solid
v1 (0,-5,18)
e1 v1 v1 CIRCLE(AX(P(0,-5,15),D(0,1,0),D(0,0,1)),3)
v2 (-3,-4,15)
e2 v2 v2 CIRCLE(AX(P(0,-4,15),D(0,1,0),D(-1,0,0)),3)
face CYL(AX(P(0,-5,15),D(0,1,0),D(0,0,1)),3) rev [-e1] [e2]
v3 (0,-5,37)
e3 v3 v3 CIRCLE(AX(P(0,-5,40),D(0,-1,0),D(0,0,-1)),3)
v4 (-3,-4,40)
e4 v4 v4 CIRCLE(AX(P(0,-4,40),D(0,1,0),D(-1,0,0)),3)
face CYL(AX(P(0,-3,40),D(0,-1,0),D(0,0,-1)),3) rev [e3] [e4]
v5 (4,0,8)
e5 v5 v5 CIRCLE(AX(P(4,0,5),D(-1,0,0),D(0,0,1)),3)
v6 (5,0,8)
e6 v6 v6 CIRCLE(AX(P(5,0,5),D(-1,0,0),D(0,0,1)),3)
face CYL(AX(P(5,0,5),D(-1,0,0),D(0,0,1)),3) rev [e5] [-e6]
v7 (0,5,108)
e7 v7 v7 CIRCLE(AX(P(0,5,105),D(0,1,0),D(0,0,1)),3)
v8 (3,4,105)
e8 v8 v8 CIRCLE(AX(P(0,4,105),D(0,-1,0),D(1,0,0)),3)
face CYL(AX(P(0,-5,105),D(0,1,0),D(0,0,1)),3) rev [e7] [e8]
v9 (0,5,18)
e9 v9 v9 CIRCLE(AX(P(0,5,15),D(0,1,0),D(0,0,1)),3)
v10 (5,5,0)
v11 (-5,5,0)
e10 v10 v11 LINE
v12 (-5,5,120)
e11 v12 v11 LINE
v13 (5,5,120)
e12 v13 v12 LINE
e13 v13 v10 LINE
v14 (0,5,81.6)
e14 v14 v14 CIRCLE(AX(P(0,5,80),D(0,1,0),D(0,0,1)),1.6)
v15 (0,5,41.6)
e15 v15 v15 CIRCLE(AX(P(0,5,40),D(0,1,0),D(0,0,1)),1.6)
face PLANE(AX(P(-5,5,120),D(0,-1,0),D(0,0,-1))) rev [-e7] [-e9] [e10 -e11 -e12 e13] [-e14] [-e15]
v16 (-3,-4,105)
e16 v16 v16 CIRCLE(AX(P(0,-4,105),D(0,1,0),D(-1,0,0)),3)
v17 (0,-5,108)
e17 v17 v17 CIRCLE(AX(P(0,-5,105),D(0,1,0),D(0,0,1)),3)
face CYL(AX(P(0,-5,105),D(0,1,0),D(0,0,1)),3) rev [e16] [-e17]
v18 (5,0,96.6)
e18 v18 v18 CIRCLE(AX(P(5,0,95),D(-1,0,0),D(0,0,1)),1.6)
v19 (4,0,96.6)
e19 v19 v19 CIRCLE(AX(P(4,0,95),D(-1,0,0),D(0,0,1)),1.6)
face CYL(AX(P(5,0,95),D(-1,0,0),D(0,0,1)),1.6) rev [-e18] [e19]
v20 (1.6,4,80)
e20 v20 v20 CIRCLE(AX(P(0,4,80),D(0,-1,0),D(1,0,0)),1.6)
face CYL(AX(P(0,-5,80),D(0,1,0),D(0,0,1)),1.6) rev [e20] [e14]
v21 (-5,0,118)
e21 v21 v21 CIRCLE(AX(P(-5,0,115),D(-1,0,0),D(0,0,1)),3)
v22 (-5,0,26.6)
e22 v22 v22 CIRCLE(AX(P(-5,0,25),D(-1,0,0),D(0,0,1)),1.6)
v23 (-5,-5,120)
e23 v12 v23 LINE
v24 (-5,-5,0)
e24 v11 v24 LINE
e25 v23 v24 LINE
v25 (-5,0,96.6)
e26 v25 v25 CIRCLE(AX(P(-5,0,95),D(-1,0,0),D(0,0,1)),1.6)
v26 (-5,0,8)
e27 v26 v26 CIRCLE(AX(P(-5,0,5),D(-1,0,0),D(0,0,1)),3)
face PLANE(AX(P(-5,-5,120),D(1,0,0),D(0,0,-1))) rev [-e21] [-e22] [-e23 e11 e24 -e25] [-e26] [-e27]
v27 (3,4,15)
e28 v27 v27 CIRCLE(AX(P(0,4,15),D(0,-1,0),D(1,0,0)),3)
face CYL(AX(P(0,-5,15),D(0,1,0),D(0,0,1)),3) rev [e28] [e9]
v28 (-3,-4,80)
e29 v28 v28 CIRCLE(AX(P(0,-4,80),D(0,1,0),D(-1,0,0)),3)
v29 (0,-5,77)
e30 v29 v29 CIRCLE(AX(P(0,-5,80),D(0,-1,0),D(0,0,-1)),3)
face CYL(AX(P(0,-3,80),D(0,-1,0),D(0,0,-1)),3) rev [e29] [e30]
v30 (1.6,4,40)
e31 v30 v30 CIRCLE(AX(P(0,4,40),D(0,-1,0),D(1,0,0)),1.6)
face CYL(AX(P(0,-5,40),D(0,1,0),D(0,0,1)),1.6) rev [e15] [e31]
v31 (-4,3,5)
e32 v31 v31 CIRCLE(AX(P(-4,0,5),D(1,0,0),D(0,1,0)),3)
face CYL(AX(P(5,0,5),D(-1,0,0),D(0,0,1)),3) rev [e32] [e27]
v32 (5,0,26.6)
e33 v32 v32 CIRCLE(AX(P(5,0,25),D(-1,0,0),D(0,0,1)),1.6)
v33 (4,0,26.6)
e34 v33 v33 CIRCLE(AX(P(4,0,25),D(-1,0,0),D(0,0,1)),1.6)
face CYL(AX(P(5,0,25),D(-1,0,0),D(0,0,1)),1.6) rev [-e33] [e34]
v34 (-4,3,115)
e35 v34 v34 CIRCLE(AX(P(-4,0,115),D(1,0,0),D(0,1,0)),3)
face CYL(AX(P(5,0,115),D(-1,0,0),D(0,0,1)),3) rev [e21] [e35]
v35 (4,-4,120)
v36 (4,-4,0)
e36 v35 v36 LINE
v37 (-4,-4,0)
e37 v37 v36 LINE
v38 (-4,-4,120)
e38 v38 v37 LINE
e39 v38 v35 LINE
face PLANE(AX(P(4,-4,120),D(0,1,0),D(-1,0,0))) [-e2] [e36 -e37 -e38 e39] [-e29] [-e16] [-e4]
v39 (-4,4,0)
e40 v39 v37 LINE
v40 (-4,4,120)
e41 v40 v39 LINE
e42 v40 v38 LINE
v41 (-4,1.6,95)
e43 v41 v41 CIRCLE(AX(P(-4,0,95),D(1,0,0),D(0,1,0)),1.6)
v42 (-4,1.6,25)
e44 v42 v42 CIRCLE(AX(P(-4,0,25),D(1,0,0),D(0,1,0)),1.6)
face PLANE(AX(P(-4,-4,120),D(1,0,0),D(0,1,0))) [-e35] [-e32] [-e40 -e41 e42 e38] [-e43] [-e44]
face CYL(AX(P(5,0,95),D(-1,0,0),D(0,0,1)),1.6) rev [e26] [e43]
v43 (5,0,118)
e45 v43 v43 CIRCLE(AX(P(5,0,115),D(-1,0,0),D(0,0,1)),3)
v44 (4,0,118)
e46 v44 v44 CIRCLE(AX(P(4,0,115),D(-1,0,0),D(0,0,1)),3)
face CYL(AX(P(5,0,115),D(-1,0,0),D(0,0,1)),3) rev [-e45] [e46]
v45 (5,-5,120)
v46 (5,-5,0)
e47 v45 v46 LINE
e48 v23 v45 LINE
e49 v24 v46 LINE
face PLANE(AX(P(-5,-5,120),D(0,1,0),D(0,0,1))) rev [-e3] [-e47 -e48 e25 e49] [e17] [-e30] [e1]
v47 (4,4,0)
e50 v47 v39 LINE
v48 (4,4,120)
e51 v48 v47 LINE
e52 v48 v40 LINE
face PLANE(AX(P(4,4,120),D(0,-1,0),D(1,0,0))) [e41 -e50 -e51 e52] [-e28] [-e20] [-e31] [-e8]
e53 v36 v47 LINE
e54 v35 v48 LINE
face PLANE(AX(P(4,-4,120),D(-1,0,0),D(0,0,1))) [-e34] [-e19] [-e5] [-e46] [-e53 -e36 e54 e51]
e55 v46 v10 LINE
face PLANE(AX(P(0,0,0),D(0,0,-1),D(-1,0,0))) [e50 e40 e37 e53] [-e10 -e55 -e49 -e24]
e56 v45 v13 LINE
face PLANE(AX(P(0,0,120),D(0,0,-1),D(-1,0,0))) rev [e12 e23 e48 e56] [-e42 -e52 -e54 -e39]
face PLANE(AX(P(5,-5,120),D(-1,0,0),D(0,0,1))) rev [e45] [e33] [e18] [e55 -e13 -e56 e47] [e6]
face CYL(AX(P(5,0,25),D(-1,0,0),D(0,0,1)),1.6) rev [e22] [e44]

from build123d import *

# Parameters (mm, degrees)
SKETCH_1_W          = 10
SKETCH_1_H          = 10
SKETCH_1_W_2        = 8
SKETCH_1_H_2        = 8
EXTRUDE_1_DEPTH     = 120
SKETCH_2_R          = 3
CUT_EXTRUDE_1_DEPTH = 121.519707932
SKETCH_3_R          = 3
CUT_EXTRUDE_2_DEPTH = 10
SKETCH_4_R          = 1.6
CUT_EXTRUDE_3_DEPTH = 10
SKETCH_5_R          = 1.6
CUT_EXTRUDE_4_DEPTH = 121.519707932
SKETCH_6_R          = 3
CUT_EXTRUDE_5_DEPTH = 2


with BuildPart() as part:
    # ｽｹｯﾁ1 → ﾎﾞｽ - 押し出し1 (new body)
    with BuildSketch(Plane.XY):
        Rectangle(SKETCH_1_W, SKETCH_1_H)
        Rectangle(SKETCH_1_W_2, SKETCH_1_H_2, mode=Mode.SUBTRACT)
    extrude(amount=EXTRUDE_1_DEPTH)

    # ｽｹｯﾁ2 → ｶｯﾄ - 押し出し1 (cut, through all)
    with BuildSketch(Plane.ZY.offset(5)):
        with Locations((5, 0)):
            Circle(SKETCH_2_R)
        with Locations((115, 0)):
            Circle(SKETCH_2_R)
    extrude(amount=-CUT_EXTRUDE_1_DEPTH, mode=Mode.SUBTRACT)

    # ｽｹｯﾁ3 → ｶｯﾄ - 押し出し2 (cut)
    with BuildSketch(Plane(origin=(0, 5, 0), x_dir=(1, 0, 0), z_dir=(0, 1, 0))):
        with Locations(Location((0, -105, 0), (0, 0, 270))):
            Circle(SKETCH_3_R)
        with Locations(Location((0, -15, 0), (0, 0, 270))):
            Circle(SKETCH_3_R)
    extrude(amount=-CUT_EXTRUDE_2_DEPTH, mode=Mode.SUBTRACT)

    # ｽｹｯﾁ4 → ｶｯﾄ - 押し出し3 (cut)
    with BuildSketch(Plane(origin=(0, 5, 0), x_dir=(1, 0, 0), z_dir=(0, 1, 0))):
        with Locations(Location((0, -40, 0), (0, 0, 270))):
            Circle(SKETCH_4_R)
        with Locations(Location((0, -80, 0), (0, 0, 270))):
            Circle(SKETCH_4_R)
    extrude(amount=-CUT_EXTRUDE_3_DEPTH, mode=Mode.SUBTRACT)

    # ｽｹｯﾁ5 → ｶｯﾄ - 押し出し4 (cut, through all)
    with BuildSketch(Plane.ZY.offset(5)):
        with Locations((25, 0)):
            Circle(SKETCH_5_R)
        with Locations((95, 0)):
            Circle(SKETCH_5_R)
    extrude(amount=-CUT_EXTRUDE_4_DEPTH, mode=Mode.SUBTRACT)

    # ｽｹｯﾁ6 → ｶｯﾄ - 押し出し5 (cut)
    with BuildSketch(Plane(origin=(0, -5, 0), x_dir=(-1, 0, 0), z_dir=(0, -1, 0))):
        with Locations(Location((0, -40, 0), (0, 0, 90))):
            Circle(SKETCH_6_R)
        with Locations(Location((0, -80, 0), (0, 0, 90))):
            Circle(SKETCH_6_R)
    extrude(amount=-CUT_EXTRUDE_5_DEPTH, mode=Mode.SUBTRACT)


solid = part.part
